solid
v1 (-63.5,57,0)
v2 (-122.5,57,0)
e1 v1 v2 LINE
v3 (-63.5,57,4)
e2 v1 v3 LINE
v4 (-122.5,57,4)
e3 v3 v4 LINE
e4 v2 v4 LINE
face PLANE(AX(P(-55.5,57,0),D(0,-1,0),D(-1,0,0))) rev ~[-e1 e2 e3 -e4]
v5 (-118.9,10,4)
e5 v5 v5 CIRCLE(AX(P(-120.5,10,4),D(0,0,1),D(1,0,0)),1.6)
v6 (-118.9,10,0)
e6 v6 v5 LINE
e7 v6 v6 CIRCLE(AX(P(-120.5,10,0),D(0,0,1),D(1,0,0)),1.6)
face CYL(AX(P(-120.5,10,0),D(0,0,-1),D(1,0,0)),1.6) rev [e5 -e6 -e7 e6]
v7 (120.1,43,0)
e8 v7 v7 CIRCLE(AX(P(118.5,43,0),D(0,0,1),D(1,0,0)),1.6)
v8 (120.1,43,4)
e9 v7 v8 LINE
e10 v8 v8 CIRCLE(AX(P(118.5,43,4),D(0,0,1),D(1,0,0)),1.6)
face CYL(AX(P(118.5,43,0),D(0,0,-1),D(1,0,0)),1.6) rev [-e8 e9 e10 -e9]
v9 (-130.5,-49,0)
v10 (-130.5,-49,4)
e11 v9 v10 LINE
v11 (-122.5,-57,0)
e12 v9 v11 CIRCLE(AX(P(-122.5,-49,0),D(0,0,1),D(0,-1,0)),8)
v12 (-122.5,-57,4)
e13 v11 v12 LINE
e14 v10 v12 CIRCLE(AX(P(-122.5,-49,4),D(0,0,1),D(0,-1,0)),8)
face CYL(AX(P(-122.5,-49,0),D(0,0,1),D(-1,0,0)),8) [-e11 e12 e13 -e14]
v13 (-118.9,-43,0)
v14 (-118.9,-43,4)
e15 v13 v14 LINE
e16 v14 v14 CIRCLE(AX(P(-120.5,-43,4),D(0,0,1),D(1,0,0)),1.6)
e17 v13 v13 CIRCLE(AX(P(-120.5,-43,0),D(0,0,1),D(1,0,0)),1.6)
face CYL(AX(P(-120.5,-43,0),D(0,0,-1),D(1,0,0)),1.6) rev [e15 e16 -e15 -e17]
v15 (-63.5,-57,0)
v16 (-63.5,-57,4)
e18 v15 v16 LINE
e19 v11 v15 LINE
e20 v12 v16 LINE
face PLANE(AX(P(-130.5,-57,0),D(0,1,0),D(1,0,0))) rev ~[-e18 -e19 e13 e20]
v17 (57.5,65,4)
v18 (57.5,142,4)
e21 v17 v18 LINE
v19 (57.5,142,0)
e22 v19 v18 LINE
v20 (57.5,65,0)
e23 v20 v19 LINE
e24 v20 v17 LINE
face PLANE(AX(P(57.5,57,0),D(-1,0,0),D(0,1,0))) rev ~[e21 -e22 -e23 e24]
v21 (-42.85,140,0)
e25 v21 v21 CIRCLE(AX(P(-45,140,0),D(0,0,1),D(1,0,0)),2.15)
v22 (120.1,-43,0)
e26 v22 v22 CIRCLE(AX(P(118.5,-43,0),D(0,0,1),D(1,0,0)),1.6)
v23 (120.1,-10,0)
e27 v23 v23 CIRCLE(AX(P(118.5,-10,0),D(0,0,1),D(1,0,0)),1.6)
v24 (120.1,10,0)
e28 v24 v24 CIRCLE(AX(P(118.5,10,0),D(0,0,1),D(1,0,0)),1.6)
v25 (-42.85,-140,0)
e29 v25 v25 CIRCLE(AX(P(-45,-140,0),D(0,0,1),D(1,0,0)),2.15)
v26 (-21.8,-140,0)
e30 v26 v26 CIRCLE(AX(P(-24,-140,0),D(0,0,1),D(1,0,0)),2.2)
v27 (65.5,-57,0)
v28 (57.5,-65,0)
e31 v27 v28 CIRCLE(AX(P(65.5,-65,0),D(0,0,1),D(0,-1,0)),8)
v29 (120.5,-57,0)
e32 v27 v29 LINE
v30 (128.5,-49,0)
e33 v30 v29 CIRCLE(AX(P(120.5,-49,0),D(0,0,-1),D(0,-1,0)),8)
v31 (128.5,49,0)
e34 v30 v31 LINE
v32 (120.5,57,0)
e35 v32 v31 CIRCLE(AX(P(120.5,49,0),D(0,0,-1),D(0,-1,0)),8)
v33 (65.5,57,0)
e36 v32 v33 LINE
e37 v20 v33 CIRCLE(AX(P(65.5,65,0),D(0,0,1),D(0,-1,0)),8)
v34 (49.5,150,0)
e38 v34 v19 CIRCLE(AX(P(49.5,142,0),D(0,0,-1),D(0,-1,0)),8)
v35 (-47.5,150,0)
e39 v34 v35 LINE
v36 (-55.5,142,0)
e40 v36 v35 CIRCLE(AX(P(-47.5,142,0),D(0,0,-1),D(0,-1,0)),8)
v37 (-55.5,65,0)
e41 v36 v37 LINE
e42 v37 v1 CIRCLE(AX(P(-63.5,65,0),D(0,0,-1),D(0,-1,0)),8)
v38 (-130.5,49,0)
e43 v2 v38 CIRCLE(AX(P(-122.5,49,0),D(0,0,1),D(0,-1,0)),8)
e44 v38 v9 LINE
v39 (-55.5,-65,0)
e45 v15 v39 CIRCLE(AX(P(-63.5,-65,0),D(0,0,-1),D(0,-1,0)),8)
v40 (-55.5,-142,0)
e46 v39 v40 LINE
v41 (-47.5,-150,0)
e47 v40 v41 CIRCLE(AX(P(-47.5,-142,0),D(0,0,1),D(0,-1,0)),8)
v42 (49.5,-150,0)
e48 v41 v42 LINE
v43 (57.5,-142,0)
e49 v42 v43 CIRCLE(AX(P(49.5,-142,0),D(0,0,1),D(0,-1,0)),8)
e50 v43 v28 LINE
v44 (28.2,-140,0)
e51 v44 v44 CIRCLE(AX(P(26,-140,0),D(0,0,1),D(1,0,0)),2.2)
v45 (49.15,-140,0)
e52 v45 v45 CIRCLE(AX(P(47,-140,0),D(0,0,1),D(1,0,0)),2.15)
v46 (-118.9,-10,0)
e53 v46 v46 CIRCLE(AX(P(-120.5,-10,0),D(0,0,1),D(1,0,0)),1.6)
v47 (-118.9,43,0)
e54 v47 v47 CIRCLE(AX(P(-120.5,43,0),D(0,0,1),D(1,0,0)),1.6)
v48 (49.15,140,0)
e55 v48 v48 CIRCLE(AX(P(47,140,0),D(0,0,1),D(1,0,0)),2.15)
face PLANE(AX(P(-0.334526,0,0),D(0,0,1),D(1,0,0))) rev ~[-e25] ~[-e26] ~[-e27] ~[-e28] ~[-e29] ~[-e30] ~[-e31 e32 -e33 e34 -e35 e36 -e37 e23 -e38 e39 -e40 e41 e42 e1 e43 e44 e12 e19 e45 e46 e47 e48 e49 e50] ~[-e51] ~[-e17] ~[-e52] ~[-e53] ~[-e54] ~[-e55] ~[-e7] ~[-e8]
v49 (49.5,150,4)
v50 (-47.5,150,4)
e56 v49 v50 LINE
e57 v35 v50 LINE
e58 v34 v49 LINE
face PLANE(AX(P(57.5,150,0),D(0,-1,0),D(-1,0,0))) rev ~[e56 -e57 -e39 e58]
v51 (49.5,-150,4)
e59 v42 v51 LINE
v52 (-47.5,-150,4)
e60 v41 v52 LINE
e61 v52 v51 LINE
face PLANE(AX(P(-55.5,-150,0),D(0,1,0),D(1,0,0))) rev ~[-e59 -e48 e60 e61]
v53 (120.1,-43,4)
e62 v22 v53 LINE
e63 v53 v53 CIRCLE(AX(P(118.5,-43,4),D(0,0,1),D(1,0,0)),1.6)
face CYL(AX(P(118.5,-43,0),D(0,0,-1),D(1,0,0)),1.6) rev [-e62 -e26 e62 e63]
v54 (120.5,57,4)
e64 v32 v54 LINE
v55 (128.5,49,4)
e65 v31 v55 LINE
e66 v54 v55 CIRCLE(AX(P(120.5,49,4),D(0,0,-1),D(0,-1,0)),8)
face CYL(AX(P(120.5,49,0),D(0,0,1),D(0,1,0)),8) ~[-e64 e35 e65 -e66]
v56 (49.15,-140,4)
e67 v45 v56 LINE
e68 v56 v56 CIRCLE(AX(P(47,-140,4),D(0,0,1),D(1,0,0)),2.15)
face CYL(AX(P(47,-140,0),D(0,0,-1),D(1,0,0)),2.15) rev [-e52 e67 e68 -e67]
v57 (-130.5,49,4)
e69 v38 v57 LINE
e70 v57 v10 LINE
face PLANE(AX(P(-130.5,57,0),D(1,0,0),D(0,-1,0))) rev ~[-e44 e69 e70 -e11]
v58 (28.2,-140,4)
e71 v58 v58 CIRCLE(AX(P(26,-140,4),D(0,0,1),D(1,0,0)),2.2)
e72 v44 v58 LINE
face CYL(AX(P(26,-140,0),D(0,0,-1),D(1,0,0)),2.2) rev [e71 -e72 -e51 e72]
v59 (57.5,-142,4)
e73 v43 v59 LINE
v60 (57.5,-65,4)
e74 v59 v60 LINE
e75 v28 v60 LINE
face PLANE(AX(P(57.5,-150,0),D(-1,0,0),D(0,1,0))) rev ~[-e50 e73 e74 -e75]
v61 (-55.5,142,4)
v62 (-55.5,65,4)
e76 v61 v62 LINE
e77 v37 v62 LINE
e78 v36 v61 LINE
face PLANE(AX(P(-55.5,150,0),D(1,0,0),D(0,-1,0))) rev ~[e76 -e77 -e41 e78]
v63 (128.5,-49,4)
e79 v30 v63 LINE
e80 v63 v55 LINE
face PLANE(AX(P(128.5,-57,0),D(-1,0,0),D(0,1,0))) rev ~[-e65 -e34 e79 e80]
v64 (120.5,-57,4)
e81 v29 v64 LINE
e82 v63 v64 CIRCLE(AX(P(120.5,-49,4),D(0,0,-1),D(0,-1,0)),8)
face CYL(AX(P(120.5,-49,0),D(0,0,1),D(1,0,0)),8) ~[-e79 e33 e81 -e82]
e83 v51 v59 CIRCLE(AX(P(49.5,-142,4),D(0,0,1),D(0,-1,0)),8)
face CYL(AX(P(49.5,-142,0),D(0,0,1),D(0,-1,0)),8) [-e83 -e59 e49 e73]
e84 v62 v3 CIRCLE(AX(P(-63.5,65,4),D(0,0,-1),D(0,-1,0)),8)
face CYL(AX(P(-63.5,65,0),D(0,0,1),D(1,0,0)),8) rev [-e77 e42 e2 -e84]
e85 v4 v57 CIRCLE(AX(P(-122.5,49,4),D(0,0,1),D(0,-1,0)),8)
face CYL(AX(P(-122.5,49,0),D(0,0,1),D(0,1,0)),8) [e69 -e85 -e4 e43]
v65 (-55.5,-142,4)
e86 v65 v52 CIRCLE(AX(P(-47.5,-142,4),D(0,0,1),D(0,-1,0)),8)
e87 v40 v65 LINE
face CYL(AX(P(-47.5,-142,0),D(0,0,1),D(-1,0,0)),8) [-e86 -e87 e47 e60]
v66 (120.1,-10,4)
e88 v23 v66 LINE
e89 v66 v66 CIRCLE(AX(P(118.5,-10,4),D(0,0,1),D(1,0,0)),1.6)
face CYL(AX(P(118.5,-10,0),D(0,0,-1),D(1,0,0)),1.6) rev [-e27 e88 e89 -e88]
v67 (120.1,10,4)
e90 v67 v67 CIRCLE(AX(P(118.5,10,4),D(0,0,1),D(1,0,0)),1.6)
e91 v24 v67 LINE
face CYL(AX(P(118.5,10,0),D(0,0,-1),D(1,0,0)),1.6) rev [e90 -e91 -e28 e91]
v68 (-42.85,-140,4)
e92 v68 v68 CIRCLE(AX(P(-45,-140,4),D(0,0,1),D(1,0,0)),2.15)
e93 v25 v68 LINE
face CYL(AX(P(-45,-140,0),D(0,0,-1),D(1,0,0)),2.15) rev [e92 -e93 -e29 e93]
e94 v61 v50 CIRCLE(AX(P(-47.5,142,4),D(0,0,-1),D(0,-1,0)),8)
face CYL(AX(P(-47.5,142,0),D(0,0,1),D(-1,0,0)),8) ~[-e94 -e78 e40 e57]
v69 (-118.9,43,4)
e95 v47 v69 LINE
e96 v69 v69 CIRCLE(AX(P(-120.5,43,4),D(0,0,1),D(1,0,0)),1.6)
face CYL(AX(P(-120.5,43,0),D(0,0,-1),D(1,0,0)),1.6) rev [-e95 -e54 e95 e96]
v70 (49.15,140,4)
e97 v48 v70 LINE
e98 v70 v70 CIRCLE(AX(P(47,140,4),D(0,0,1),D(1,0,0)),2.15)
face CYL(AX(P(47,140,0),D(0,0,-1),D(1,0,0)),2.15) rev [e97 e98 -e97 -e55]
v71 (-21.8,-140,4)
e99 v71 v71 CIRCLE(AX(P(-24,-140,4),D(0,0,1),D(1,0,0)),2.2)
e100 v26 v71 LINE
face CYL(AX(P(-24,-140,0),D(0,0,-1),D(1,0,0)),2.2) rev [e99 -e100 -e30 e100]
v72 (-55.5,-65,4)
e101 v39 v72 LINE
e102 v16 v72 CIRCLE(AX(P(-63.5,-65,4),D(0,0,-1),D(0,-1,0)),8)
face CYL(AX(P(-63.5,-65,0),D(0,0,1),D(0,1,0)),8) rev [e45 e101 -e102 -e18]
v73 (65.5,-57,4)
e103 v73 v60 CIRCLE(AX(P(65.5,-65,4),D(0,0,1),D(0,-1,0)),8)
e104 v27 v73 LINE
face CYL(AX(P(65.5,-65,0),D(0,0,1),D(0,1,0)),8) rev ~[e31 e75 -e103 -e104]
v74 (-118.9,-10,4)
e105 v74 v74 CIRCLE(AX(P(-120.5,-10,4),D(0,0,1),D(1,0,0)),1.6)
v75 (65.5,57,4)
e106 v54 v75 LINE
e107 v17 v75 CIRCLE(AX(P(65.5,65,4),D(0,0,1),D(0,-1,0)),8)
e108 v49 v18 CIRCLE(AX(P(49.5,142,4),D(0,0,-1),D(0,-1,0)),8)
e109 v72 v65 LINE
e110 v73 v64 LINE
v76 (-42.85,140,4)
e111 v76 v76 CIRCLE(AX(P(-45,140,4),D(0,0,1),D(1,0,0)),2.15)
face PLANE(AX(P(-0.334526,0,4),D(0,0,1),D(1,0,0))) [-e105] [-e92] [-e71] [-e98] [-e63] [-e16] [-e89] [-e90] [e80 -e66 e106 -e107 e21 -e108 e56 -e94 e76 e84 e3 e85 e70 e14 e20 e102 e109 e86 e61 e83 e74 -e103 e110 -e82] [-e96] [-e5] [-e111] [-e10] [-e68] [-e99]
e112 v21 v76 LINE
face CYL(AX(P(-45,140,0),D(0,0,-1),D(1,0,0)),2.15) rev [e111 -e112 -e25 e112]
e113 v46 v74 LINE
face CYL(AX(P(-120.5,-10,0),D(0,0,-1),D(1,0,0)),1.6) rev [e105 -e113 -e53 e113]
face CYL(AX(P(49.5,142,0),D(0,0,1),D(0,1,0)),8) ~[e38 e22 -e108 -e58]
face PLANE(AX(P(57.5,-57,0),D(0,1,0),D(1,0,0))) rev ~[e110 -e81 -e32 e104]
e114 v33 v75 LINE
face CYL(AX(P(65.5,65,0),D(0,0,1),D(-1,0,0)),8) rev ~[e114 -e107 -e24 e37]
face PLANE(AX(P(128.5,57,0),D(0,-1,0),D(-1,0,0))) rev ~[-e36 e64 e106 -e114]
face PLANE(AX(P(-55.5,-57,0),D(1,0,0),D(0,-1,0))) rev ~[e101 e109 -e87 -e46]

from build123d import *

# Parameters (mm, degrees)
SKETCH_281X300_25_R   = 2.15
SKETCH_281X300_25_R_2 = 2.2
SKETCH_281X300_25_R_3 = 1.6
F_4MM_DEPTH           = 4
FILLET_1_R            = 8


with BuildPart() as part:
    # Sketch 281x300__25 → 4mm (new body)
    with BuildSketch(Plane.XY):
        Polygon((-55.5, 150), (-55.5, 57), (-130.5, 57), (-130.5, -57), (-55.5, -57), (-55.5, -150), (57.5, -150), (57.5, -57), (128.5, -57), (128.5, 57), (57.5, 57), (57.5, 150), align=None)
        with Locations((-45, 140)):
            Circle(SKETCH_281X300_25_R, mode=Mode.SUBTRACT)
        with Locations((26, -140)):
            Circle(SKETCH_281X300_25_R_2, mode=Mode.SUBTRACT)
        with Locations((-24, -140)):
            Circle(SKETCH_281X300_25_R_2, mode=Mode.SUBTRACT)
        with Locations((118.5, 10)):
            Circle(SKETCH_281X300_25_R_3, mode=Mode.SUBTRACT)
        with Locations((118.5, -10)):
            Circle(SKETCH_281X300_25_R_3, mode=Mode.SUBTRACT)
        with Locations((-120.5, 10)):
            Circle(SKETCH_281X300_25_R_3, mode=Mode.SUBTRACT)
        with Locations((-120.5, -10)):
            Circle(SKETCH_281X300_25_R_3, mode=Mode.SUBTRACT)
        with Locations((118.5, 43)):
            Circle(SKETCH_281X300_25_R_3, mode=Mode.SUBTRACT)
        with Locations((118.5, -43)):
            Circle(SKETCH_281X300_25_R_3, mode=Mode.SUBTRACT)
        with Locations((-120.5, 43)):
            Circle(SKETCH_281X300_25_R_3, mode=Mode.SUBTRACT)
        with Locations((-120.5, -43)):
            Circle(SKETCH_281X300_25_R_3, mode=Mode.SUBTRACT)
        with Locations((47, 140)):
            Circle(SKETCH_281X300_25_R, mode=Mode.SUBTRACT)
        with Locations((-45, -140)):
            Circle(SKETCH_281X300_25_R, mode=Mode.SUBTRACT)
        with Locations((47, -140)):
            Circle(SKETCH_281X300_25_R, mode=Mode.SUBTRACT)
    extrude(amount=F_4MM_DEPTH)

    # Fillet 1
    fillet_1_edges = [part.edges().sort_by_distance(p)[0] for p in [
        (-130.5, 57, 2),
        (-55.5, 57, 2),
        (-55.5, 150, 2),
        (57.5, 150, 2),
        (57.5, 57, 2),
        (128.5, 57, 2),
        (128.5, -57, 2),
        (57.5, -57, 2),
        (57.5, -150, 2),
        (-55.5, -150, 2),
        (-55.5, -57, 2),
        (-130.5, -57, 2),
    ]]
    fillet(fillet_1_edges, radius=FILLET_1_R)


solid = part.part
